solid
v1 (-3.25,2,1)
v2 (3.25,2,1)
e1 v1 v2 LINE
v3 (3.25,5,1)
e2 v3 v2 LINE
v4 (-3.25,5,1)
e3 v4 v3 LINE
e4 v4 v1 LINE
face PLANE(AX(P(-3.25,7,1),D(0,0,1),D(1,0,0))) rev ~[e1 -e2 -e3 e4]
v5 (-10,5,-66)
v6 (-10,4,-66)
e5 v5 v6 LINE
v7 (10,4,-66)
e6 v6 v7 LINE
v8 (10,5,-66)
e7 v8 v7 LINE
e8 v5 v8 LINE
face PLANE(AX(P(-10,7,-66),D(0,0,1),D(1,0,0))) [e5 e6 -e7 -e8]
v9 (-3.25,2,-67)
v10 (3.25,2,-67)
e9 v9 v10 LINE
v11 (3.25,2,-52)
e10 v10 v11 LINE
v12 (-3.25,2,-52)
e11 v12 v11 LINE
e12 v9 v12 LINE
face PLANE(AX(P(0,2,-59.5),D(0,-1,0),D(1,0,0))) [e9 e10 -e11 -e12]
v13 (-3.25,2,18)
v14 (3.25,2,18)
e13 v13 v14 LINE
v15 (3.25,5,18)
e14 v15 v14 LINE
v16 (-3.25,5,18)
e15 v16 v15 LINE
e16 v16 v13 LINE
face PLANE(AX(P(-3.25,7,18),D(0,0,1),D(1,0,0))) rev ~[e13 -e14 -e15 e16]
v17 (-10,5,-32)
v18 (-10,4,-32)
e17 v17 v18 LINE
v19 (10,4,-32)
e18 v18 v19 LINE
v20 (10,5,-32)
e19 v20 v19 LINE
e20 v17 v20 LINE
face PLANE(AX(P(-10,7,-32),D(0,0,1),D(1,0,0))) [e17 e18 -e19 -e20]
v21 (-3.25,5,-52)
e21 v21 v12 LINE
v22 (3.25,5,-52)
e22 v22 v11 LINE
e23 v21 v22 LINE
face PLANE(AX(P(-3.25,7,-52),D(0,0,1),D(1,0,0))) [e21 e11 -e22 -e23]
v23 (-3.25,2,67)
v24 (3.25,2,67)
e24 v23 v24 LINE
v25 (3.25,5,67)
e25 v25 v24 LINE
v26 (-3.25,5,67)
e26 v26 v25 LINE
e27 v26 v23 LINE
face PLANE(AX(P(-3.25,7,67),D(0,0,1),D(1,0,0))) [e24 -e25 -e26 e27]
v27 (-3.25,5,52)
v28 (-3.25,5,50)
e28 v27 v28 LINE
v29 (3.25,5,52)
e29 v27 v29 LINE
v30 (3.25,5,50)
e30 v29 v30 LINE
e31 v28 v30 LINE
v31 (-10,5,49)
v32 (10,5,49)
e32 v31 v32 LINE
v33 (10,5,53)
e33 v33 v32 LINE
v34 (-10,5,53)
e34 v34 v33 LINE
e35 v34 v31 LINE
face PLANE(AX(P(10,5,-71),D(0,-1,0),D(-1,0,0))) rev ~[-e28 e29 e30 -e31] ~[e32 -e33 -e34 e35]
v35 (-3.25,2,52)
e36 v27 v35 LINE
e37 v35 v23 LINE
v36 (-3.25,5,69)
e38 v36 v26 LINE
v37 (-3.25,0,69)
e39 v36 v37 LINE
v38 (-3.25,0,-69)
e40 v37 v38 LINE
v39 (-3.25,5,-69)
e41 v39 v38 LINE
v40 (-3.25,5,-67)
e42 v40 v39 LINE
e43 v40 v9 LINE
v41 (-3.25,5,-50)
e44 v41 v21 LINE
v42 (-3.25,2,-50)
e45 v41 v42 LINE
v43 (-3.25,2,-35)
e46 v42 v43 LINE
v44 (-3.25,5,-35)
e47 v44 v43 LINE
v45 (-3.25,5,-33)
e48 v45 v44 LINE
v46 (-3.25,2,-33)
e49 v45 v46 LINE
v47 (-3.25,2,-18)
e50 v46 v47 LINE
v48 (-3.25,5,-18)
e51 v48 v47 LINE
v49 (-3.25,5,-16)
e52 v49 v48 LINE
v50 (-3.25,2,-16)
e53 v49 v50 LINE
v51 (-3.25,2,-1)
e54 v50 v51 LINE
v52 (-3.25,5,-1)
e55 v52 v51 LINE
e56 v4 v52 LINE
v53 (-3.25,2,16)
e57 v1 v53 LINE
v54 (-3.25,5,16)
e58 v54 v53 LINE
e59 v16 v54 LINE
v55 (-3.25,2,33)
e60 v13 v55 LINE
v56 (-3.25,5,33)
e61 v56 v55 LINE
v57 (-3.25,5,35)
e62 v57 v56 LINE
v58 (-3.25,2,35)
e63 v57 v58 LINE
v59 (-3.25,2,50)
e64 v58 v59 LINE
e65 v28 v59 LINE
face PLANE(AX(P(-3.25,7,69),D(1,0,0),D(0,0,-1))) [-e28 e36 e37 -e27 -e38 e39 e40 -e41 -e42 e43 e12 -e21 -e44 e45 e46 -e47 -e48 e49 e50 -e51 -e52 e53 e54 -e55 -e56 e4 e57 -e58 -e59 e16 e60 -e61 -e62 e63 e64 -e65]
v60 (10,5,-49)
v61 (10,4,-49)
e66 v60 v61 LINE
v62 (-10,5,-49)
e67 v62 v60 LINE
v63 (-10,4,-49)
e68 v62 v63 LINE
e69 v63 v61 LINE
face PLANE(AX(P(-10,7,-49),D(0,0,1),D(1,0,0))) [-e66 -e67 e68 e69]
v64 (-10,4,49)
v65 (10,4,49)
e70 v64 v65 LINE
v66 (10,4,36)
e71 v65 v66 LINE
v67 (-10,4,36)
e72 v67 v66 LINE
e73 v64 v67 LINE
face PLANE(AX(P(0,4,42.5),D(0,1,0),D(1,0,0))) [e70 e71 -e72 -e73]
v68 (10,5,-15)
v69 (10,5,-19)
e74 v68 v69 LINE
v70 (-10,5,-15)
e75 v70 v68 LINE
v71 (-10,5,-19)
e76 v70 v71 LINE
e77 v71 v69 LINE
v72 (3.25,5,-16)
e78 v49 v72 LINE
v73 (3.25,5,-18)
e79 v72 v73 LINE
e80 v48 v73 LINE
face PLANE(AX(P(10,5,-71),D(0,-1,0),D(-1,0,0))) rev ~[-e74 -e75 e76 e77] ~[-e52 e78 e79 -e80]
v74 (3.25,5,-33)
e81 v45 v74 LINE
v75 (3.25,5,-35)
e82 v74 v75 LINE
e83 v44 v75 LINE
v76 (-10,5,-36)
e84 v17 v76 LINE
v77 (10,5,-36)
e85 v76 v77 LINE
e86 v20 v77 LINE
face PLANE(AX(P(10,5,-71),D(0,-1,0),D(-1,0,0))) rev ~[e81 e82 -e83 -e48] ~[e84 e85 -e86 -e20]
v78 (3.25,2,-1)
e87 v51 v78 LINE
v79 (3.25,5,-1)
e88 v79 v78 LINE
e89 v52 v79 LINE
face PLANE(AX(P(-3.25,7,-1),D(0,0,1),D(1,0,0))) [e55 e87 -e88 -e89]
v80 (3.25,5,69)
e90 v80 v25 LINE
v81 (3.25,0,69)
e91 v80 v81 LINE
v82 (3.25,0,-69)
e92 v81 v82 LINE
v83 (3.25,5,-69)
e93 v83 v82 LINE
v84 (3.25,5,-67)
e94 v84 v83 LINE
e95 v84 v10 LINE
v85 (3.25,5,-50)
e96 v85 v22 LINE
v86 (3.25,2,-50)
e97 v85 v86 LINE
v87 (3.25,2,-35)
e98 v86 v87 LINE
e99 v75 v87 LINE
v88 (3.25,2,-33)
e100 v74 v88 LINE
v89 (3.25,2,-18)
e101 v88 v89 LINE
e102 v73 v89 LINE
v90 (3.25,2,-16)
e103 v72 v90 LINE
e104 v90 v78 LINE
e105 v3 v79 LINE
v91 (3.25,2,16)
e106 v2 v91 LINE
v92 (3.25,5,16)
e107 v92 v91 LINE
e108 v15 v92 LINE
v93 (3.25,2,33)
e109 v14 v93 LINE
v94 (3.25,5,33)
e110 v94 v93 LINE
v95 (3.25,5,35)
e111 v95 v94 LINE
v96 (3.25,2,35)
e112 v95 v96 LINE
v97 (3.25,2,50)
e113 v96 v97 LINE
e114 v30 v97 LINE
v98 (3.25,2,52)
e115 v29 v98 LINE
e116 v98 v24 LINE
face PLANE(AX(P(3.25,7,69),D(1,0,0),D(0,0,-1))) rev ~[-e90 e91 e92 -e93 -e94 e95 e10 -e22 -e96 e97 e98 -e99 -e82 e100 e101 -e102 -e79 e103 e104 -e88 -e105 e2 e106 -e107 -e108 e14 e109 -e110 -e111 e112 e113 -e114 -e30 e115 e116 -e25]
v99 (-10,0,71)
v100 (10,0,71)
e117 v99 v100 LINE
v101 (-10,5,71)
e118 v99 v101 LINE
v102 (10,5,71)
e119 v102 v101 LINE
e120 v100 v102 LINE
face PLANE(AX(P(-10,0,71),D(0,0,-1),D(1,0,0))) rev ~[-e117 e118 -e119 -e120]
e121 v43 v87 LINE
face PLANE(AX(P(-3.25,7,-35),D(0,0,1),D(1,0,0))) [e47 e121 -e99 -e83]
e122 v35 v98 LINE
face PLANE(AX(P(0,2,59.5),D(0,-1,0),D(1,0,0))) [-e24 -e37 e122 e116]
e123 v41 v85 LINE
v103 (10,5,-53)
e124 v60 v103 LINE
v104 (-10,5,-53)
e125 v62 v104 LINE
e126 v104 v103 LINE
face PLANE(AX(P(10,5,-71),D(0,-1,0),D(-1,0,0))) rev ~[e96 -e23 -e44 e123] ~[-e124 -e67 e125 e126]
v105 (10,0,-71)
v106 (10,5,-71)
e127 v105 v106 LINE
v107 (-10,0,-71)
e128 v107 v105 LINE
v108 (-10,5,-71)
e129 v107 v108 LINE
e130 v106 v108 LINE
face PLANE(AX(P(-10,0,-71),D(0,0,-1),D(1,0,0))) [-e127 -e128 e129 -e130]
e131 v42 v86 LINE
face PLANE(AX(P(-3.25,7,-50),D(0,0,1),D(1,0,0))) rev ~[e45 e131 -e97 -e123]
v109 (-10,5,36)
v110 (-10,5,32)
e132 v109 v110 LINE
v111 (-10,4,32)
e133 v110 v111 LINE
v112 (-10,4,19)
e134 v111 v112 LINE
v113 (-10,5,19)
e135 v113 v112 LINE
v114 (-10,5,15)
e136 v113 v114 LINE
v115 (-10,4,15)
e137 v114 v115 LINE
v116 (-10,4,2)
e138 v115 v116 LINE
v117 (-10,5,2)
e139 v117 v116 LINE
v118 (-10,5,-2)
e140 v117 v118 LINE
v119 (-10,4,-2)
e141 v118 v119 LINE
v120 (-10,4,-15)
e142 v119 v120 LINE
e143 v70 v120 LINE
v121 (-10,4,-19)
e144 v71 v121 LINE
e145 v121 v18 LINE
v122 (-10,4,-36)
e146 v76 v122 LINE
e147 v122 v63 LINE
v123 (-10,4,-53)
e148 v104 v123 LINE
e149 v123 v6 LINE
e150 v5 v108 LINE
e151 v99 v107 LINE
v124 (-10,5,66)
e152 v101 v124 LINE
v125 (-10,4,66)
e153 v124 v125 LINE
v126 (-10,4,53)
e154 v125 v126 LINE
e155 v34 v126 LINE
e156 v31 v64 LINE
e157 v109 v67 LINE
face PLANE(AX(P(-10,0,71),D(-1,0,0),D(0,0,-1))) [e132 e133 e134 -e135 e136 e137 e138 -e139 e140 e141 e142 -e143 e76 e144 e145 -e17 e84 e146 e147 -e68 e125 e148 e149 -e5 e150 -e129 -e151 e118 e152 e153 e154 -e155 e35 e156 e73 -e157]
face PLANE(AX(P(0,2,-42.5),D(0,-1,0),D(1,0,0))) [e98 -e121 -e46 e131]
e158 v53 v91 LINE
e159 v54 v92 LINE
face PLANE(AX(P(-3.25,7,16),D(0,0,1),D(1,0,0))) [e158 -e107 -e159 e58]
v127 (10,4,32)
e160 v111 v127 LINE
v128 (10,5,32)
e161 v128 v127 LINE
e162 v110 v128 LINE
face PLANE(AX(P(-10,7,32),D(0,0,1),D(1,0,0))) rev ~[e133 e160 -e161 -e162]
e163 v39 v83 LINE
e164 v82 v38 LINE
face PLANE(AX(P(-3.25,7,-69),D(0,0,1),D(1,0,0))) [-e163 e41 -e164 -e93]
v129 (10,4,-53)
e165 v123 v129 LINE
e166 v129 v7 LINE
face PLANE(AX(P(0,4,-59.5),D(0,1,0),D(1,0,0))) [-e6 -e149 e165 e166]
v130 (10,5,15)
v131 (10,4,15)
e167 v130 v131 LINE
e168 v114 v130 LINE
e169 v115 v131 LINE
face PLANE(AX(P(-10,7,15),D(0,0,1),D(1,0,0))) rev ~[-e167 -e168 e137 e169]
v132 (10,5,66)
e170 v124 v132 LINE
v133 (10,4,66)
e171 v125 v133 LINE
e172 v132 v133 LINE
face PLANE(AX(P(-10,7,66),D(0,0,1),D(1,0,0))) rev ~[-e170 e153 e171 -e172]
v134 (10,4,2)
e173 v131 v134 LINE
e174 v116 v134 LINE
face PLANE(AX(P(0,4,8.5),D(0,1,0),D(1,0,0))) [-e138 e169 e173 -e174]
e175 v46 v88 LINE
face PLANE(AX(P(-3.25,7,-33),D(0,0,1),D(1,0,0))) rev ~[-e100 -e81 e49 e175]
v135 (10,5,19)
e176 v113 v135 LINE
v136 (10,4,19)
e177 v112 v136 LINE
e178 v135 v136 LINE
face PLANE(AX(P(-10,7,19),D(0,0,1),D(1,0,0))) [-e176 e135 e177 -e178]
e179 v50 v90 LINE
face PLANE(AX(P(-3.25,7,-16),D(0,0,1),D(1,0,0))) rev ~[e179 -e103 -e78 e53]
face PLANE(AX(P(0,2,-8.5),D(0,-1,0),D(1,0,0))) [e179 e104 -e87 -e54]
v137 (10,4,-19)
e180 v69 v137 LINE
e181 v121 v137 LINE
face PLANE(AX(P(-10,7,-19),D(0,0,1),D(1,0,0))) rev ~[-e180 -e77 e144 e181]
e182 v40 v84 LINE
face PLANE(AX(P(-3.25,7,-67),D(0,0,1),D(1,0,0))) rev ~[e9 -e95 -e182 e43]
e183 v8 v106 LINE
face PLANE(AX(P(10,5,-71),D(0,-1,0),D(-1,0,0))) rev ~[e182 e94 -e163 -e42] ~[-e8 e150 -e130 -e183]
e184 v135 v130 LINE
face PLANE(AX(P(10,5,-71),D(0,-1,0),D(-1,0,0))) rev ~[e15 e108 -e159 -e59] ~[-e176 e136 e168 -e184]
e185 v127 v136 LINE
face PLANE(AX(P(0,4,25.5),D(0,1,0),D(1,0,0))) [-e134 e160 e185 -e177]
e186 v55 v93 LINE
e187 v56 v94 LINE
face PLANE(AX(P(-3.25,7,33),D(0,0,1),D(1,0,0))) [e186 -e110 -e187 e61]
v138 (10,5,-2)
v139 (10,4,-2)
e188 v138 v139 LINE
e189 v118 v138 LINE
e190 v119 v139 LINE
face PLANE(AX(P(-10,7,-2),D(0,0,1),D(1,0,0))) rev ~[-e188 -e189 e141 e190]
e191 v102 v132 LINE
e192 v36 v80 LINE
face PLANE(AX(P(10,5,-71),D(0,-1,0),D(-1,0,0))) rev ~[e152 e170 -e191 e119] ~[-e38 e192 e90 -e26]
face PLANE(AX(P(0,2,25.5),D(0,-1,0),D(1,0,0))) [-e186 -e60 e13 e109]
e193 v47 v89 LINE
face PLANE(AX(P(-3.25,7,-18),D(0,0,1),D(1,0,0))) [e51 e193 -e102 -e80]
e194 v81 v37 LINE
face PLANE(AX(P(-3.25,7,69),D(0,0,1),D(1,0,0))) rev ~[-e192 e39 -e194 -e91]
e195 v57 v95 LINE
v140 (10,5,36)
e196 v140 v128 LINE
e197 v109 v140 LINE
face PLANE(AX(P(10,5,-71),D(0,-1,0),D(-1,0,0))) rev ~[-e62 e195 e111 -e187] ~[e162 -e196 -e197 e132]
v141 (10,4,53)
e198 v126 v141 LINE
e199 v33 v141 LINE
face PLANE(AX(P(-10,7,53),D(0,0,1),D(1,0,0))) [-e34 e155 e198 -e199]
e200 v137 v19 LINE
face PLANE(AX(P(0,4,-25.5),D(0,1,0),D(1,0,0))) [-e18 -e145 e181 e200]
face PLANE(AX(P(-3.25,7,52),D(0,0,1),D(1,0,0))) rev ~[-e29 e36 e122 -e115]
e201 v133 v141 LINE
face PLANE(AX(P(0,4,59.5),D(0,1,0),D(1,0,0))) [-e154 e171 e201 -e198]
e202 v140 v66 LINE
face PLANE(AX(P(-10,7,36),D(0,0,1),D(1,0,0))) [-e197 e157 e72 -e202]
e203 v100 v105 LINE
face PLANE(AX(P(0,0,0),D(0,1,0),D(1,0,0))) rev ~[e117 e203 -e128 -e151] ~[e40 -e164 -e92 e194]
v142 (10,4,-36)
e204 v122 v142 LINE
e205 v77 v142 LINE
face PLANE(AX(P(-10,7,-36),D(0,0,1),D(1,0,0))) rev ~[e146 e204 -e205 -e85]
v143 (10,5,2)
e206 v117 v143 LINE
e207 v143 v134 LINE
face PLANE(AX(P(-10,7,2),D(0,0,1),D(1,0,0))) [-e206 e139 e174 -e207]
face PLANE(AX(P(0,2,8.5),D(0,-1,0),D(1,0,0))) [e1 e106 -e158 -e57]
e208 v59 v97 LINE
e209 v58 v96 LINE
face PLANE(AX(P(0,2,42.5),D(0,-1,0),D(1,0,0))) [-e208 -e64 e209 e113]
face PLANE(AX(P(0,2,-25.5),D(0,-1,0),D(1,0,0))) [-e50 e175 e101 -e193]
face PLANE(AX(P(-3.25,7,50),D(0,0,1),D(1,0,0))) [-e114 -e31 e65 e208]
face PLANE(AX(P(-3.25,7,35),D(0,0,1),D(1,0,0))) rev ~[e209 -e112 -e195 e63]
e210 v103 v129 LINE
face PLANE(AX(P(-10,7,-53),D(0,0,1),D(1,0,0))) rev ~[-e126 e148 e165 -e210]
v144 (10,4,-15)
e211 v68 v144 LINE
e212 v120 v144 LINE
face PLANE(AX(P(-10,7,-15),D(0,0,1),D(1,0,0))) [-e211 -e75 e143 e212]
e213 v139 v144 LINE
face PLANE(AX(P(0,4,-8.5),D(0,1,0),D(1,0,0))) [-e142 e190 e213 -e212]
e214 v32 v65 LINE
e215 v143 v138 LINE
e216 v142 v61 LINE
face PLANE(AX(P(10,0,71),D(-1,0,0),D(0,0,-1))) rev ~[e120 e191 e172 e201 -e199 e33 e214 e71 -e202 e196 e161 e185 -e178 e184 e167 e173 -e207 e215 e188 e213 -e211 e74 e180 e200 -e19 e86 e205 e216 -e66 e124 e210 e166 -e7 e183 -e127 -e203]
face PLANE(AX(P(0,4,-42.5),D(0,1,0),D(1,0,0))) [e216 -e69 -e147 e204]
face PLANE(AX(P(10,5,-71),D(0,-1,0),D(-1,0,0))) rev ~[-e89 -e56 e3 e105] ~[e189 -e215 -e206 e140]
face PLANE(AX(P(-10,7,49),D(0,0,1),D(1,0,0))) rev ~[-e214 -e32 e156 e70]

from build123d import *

# Parameters (mm, degrees)
SKETCH1_W              = 20
SKETCH1_H              = 142
BOSS_EXTRUDE1_DEPTH    = 7
SKETCH2_W              = 20
SKETCH2_H              = 13
CUT_EXTRUDE1_DEPTH     = 3
LPATTERN1_COUNT        = 8
LPATTERN1_PITCH        = 17
CUT_EXTRUDE2_REACH     = 74.042
SKETCH4_W              = 6.5
SKETCH4_H              = 2
FILLET1_R              = 0.5
CHAMFER1_SIZE          = 2
LPATTERN2_COUNT        = 9
LPATTERN2_PITCH        = 17
FILLET1_OF_LPATTERN2_R = 0.5
SKETCH5_W              = 6.5
SKETCH5_H              = 15
CUT_EXTRUDE3_DEPTH     = 2
LPATTERN3_COUNT        = 8
LPATTERN3_PITCH        = 17
CUT_EXTRUDE4_REACH     = 144.524
SKETCH6_W              = 20
SKETCH6_H              = 2


with BuildPart() as part:
    # Sketch1 → Boss-Extrude1 (new body)
    with BuildSketch(Plane(origin=(0, 0, 0), x_dir=(1, 0, 0), z_dir=(0, 1, 0))):
        Rectangle(SKETCH1_W, SKETCH1_H)
    extrude(amount=BOSS_EXTRUDE1_DEPTH)

    # Sketch2 → Cut-Extrude1 (cut)
    with BuildSketch(Plane(origin=(0, 7, 0), x_dir=(1, 0, 0), z_dir=(0, 1, 0))):
        with Locations((0, 59.5)):
            Rectangle(SKETCH2_W, SKETCH2_H)
    cut_extrude1 = extrude(amount=-CUT_EXTRUDE1_DEPTH, mode=Mode.SUBTRACT)

    # LPattern1: Cut-Extrude1 ×8
    with Locations(*[(0, 0, i * LPATTERN1_PITCH) for i in range(1, LPATTERN1_COUNT)]):
        add(cut_extrude1, mode=Mode.SUBTRACT)

    # Sketch4 → Cut-Extrude2 (cut, up to next)
    with BuildSketch(Plane(origin=(0, 7, 0), x_dir=(1, 0, 0), z_dir=(0, 1, 0)), mode=Mode.PRIVATE) as cut_extrude2_sk1:
        with Locations((0, 68)):
            Rectangle(SKETCH4_W, SKETCH4_H)
    cut_extrude2_tool1 = extrude(cut_extrude2_sk1.sketch, amount=-CUT_EXTRUDE2_REACH, mode=Mode.PRIVATE) & part.part
    cut_extrude2 = cut_extrude2_tool1.solids().sort_by_distance((0, 7, -68))[0]
    add(cut_extrude2, mode=Mode.SUBTRACT)

    # Fillet1
    fillet1_edges = [part.edges().sort_by_distance(p)[0] for p in [
        (0, 7, -67),
        (0, 7, -69),
    ]]
    fillet(fillet1_edges, radius=FILLET1_R)

    # Chamfer1
    chamfer1_edges = [part.edges().sort_by_distance(p)[0] for p in [
        (-10, 7, -68.5),
        (10, 7, -68.5),
        (-10, 7, -51),
        (10, 7, 51),
        (10, 7, 34),
        (10, 7, 17),
        (10, 7, 0),
        (10, 7, -17),
        (10, 7, -34),
        (10, 7, -51),
        (-10, 7, -34),
        (-10, 7, -17),
        (-10, 7, 0),
        (-10, 7, 17),
        (-10, 7, 34),
        (-10, 7, 51),
        (-10, 7, 68.5),
        (10, 7, 68.5),
    ]]
    chamfer(chamfer1_edges, length=CHAMFER1_SIZE)

    # LPattern2: Cut-Extrude2 ×9
    with Locations(*[(0, 0, i * LPATTERN2_PITCH) for i in range(1, LPATTERN2_COUNT)]):
        add(cut_extrude2, mode=Mode.SUBTRACT)

    # Fillet1 of LPattern2
    fillet1_of_lpattern2_edges = [part.edges().sort_by_distance(p)[0] for p in [
        (0, 7, -50),
        (0, 7, -52),
        (0, 7, -33),
        (0, 7, -35),
        (0, 7, -16),
        (0, 7, -18),
        (0, 7, 1),
        (0, 7, -1),
        (0, 7, 18),
        (0, 7, 16),
        (0, 7, 35),
        (0, 7, 33),
        (0, 7, 52),
        (0, 7, 50),
        (0, 7, 69),
        (0, 7, 67),
    ]]
    fillet(fillet1_of_lpattern2_edges, radius=FILLET1_OF_LPATTERN2_R)

    # Sketch5 → Cut-Extrude3 (cut)
    with BuildSketch(Plane.XZ):
        with Locations((0, 59.5)):
            Rectangle(SKETCH5_W, SKETCH5_H)
    cut_extrude3 = extrude(amount=-CUT_EXTRUDE3_DEPTH, mode=Mode.SUBTRACT)

    # LPattern3: Cut-Extrude3 ×8
    with Locations(*[(0, 0, -i * LPATTERN3_PITCH) for i in range(1, LPATTERN3_COUNT)]):
        add(cut_extrude3, mode=Mode.SUBTRACT)

    # Cut-Extrude4: up to this face of the body (flat: up to its plane)
    cut_extrude4_end = Plane(part.part.faces().sort_by_distance((0, 3.416666667, 71))[0])
    # Sketch6 → Cut-Extrude4 (cut, up to the picked face)
    with BuildSketch(Plane(origin=(0, 0, -71), x_dir=(-1, 0, 0), z_dir=(0, 0, -1)), mode=Mode.PRIVATE) as cut_extrude4_sk1:
        with Locations((0, 6)):
            Rectangle(SKETCH6_W, SKETCH6_H)
    cut_extrude4_tool1 = split(extrude(cut_extrude4_sk1.sketch, amount=-CUT_EXTRUDE4_REACH, mode=Mode.PRIVATE), bisect_by=cut_extrude4_end, keep=Keep.BOTH, mode=Mode.PRIVATE)
    add(cut_extrude4_tool1.solids().sort_by(Axis((0, 6, -71), (0, 0, 1)))[0], mode=Mode.SUBTRACT)


solid = part.part
